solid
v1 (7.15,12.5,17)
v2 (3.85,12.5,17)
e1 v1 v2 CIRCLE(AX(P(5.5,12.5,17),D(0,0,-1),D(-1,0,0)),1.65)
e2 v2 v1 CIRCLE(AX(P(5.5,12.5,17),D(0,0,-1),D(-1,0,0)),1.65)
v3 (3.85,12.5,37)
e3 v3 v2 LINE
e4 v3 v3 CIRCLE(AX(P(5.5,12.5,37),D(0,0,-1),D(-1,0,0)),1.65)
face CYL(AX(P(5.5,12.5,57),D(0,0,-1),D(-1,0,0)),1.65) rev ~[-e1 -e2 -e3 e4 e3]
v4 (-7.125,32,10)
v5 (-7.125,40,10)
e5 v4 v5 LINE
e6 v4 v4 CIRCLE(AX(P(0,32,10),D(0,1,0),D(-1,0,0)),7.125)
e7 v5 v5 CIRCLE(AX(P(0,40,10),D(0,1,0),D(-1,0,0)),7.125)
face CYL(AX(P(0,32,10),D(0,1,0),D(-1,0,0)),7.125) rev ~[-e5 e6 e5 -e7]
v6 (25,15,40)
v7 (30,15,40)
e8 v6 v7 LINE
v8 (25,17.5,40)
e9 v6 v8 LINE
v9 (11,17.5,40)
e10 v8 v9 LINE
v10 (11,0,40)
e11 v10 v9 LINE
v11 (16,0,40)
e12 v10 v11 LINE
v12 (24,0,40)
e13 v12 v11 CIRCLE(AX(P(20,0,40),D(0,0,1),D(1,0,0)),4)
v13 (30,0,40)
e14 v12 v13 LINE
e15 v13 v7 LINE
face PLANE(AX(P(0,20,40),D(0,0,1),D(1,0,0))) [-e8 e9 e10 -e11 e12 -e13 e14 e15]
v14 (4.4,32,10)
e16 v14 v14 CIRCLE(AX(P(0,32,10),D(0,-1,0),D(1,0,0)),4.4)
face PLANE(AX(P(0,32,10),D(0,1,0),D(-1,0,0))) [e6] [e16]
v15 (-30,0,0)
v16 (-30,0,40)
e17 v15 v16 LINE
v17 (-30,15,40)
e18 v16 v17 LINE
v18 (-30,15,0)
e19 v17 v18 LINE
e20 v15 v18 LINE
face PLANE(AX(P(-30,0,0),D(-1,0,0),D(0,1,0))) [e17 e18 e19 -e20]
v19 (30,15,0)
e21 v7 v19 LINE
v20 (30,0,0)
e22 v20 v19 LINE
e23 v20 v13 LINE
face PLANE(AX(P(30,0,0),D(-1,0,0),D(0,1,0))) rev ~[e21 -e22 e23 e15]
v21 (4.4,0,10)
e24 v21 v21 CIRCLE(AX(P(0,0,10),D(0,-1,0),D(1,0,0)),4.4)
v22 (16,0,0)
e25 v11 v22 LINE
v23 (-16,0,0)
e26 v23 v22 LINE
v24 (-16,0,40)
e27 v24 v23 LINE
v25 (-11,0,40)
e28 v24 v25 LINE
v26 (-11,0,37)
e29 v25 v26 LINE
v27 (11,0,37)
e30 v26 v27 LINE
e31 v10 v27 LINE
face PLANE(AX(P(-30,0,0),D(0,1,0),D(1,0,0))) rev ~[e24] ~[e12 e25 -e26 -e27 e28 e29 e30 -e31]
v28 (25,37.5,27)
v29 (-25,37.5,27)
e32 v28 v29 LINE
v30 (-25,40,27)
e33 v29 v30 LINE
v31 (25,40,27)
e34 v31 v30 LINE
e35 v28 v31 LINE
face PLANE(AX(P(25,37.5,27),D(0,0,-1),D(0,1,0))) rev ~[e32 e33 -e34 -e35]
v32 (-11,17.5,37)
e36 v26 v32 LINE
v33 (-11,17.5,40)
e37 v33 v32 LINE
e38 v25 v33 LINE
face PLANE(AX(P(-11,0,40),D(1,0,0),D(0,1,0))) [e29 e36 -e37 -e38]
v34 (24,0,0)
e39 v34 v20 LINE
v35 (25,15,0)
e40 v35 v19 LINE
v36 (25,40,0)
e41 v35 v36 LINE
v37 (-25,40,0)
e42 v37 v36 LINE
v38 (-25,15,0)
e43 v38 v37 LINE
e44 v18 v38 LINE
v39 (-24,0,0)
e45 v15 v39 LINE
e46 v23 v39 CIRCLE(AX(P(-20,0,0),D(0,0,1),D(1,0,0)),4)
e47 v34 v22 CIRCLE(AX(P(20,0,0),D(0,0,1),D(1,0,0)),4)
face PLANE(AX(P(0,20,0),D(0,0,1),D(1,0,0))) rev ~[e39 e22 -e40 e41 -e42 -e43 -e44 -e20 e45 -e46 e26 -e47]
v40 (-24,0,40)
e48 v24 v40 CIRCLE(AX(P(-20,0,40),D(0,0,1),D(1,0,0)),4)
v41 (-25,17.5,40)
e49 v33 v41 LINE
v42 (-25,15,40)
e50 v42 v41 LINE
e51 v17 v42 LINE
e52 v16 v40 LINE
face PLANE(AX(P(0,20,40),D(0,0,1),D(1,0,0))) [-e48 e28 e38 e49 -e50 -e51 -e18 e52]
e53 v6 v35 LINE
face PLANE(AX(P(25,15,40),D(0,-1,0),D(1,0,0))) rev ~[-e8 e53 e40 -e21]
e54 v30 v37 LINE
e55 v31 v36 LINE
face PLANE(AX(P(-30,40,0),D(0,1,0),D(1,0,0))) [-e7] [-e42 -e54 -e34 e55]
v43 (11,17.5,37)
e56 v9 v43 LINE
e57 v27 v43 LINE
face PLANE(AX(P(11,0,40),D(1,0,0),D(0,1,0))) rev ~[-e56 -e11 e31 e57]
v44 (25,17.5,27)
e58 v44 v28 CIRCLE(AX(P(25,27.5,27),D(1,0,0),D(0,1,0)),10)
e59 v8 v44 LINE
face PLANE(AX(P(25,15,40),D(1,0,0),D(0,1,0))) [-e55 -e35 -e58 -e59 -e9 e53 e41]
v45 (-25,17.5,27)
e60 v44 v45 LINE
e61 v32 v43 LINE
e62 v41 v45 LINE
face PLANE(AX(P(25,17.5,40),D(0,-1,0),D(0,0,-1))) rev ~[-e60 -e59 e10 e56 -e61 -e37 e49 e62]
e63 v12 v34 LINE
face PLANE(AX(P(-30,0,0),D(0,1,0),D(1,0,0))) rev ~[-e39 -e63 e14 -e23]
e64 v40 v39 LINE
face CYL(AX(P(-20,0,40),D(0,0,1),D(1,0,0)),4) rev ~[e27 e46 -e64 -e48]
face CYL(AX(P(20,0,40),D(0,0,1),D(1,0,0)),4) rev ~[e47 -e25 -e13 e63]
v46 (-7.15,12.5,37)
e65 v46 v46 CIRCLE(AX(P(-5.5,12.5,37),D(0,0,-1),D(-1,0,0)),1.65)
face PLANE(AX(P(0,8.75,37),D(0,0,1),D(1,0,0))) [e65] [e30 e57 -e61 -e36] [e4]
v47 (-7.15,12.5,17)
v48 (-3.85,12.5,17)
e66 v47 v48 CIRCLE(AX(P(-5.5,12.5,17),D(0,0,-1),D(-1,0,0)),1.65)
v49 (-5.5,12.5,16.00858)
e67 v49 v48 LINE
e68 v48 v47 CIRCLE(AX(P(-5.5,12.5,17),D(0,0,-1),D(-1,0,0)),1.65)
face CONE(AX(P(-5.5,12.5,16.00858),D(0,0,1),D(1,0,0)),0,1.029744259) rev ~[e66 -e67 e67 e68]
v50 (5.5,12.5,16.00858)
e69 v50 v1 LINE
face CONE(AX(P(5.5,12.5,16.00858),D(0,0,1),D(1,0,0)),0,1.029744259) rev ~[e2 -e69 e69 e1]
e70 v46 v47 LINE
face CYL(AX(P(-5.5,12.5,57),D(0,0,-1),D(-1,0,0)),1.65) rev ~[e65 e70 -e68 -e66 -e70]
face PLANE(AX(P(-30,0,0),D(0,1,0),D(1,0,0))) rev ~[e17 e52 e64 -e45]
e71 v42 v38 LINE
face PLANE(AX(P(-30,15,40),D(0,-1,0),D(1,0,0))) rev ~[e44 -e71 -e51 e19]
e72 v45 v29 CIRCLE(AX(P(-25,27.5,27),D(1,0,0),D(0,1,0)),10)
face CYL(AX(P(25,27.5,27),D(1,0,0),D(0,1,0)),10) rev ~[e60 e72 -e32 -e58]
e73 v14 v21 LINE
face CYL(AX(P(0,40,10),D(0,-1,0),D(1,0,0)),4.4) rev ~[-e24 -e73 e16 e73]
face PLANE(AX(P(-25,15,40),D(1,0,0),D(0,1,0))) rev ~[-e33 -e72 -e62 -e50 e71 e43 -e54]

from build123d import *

# Parameters (mm, degrees)
F0_W            = 60
F0_H            = 40
F1_DEPTH        = 40
F2_W            = 5
F2_H            = 25
F3_DEPTH        = 40.001
F5_DEPTH        = 55.001
F7_DEPTH        = 40.001
F8_W            = 22
F8_H            = 17.5
F9_DEPTH        = 3
F11_D           = 3.3
F11_DEPTH       = 20
F11_TIP         = 0.9914200214
F13_D           = 8.8
F13_DEPTH       = 50
F13_CBORE_D     = 14.25
F13_CBORE_DEPTH = 8
F13_TIP         = 2.6437867237


with BuildPart() as f1:
    # F0 (on Top) → F1 (new body)
    with BuildSketch(Plane.XY):
        with Locations((0, 20)):
            Rectangle(F0_W, F0_H)
    extrude(amount=F1_DEPTH)

    # F2 (on face) → F3 (cut, through all)
    with BuildSketch(Plane.XY.offset(40)):
        with Locations((-27.5, 27.5)):
            Rectangle(F2_W, F2_H)
        with Locations((27.5, 27.5)):
            Rectangle(F2_W, F2_H)
    extrude(amount=-F3_DEPTH, mode=Mode.SUBTRACT)

    # F4 (on face) → F5 (cut, through all)
    with BuildSketch(Plane.YZ.offset(25)):
        with BuildLine():
            ThreePointArc((17.5, 27), (27.5, 17), (37.5, 27))
            ThreePointArc((37.5, 27), (27.5, 37), (17.5, 27))
        make_face()
        with BuildLine():
            ThreePointArc((17.5, 27), (27.5, 37), (37.5, 27))
            Line((37.5, 27), (40, 27))
            Line((40, 27), (40, 40))
            Line((40, 40), (17.5, 40))
            Line((17.5, 40), (17.5, 27))
        make_face()
    extrude(amount=-F5_DEPTH, mode=Mode.SUBTRACT)

    # F6 (on face) → F7 (cut, through all)
    with BuildSketch(Plane.XY.offset(40)):
        with BuildLine():
            Line((-24, 0), (-16, 0))
            ThreePointArc((-16, 0), (-20, 4), (-24, 0))
        make_face()
        with BuildLine():
            ThreePointArc((24, 0), (20, 4), (16, 0))
            Line((16, 0), (24, 0))
        make_face()
    extrude(amount=-F7_DEPTH, mode=Mode.SUBTRACT)

    # F8 (on face) → F9 (cut)
    with BuildSketch(Plane.XY.offset(40)):
        with Locations((0, 8.75)):
            Rectangle(F8_W, F8_H)
    extrude(amount=-F9_DEPTH, mode=Mode.SUBTRACT)

    # F11
    with Locations(Plane.XY.offset(37)):
        with Locations((-5.5, 12.5), (5.5, 12.5)):
            Hole(F11_D / 2, depth=F11_DEPTH)
            with Locations((0, 0, -(F11_DEPTH + F11_TIP / 2))):  # 118° drill point
                Cone(0, F11_D / 2, F11_TIP, mode=Mode.SUBTRACT)

    # F13
    with Locations(Plane(origin=(0, 40, 0), x_dir=(-1, 0, 0), z_dir=(0, 1, 0))):
        with Locations((0, 10)):
            CounterBoreHole(F13_D / 2, F13_CBORE_D / 2, F13_CBORE_DEPTH, depth=F13_DEPTH)
            with Locations((0, 0, -(F13_DEPTH + F13_TIP / 2))):  # 118° drill point
                Cone(0, F13_D / 2, F13_TIP, mode=Mode.SUBTRACT)


solid = f1.part
